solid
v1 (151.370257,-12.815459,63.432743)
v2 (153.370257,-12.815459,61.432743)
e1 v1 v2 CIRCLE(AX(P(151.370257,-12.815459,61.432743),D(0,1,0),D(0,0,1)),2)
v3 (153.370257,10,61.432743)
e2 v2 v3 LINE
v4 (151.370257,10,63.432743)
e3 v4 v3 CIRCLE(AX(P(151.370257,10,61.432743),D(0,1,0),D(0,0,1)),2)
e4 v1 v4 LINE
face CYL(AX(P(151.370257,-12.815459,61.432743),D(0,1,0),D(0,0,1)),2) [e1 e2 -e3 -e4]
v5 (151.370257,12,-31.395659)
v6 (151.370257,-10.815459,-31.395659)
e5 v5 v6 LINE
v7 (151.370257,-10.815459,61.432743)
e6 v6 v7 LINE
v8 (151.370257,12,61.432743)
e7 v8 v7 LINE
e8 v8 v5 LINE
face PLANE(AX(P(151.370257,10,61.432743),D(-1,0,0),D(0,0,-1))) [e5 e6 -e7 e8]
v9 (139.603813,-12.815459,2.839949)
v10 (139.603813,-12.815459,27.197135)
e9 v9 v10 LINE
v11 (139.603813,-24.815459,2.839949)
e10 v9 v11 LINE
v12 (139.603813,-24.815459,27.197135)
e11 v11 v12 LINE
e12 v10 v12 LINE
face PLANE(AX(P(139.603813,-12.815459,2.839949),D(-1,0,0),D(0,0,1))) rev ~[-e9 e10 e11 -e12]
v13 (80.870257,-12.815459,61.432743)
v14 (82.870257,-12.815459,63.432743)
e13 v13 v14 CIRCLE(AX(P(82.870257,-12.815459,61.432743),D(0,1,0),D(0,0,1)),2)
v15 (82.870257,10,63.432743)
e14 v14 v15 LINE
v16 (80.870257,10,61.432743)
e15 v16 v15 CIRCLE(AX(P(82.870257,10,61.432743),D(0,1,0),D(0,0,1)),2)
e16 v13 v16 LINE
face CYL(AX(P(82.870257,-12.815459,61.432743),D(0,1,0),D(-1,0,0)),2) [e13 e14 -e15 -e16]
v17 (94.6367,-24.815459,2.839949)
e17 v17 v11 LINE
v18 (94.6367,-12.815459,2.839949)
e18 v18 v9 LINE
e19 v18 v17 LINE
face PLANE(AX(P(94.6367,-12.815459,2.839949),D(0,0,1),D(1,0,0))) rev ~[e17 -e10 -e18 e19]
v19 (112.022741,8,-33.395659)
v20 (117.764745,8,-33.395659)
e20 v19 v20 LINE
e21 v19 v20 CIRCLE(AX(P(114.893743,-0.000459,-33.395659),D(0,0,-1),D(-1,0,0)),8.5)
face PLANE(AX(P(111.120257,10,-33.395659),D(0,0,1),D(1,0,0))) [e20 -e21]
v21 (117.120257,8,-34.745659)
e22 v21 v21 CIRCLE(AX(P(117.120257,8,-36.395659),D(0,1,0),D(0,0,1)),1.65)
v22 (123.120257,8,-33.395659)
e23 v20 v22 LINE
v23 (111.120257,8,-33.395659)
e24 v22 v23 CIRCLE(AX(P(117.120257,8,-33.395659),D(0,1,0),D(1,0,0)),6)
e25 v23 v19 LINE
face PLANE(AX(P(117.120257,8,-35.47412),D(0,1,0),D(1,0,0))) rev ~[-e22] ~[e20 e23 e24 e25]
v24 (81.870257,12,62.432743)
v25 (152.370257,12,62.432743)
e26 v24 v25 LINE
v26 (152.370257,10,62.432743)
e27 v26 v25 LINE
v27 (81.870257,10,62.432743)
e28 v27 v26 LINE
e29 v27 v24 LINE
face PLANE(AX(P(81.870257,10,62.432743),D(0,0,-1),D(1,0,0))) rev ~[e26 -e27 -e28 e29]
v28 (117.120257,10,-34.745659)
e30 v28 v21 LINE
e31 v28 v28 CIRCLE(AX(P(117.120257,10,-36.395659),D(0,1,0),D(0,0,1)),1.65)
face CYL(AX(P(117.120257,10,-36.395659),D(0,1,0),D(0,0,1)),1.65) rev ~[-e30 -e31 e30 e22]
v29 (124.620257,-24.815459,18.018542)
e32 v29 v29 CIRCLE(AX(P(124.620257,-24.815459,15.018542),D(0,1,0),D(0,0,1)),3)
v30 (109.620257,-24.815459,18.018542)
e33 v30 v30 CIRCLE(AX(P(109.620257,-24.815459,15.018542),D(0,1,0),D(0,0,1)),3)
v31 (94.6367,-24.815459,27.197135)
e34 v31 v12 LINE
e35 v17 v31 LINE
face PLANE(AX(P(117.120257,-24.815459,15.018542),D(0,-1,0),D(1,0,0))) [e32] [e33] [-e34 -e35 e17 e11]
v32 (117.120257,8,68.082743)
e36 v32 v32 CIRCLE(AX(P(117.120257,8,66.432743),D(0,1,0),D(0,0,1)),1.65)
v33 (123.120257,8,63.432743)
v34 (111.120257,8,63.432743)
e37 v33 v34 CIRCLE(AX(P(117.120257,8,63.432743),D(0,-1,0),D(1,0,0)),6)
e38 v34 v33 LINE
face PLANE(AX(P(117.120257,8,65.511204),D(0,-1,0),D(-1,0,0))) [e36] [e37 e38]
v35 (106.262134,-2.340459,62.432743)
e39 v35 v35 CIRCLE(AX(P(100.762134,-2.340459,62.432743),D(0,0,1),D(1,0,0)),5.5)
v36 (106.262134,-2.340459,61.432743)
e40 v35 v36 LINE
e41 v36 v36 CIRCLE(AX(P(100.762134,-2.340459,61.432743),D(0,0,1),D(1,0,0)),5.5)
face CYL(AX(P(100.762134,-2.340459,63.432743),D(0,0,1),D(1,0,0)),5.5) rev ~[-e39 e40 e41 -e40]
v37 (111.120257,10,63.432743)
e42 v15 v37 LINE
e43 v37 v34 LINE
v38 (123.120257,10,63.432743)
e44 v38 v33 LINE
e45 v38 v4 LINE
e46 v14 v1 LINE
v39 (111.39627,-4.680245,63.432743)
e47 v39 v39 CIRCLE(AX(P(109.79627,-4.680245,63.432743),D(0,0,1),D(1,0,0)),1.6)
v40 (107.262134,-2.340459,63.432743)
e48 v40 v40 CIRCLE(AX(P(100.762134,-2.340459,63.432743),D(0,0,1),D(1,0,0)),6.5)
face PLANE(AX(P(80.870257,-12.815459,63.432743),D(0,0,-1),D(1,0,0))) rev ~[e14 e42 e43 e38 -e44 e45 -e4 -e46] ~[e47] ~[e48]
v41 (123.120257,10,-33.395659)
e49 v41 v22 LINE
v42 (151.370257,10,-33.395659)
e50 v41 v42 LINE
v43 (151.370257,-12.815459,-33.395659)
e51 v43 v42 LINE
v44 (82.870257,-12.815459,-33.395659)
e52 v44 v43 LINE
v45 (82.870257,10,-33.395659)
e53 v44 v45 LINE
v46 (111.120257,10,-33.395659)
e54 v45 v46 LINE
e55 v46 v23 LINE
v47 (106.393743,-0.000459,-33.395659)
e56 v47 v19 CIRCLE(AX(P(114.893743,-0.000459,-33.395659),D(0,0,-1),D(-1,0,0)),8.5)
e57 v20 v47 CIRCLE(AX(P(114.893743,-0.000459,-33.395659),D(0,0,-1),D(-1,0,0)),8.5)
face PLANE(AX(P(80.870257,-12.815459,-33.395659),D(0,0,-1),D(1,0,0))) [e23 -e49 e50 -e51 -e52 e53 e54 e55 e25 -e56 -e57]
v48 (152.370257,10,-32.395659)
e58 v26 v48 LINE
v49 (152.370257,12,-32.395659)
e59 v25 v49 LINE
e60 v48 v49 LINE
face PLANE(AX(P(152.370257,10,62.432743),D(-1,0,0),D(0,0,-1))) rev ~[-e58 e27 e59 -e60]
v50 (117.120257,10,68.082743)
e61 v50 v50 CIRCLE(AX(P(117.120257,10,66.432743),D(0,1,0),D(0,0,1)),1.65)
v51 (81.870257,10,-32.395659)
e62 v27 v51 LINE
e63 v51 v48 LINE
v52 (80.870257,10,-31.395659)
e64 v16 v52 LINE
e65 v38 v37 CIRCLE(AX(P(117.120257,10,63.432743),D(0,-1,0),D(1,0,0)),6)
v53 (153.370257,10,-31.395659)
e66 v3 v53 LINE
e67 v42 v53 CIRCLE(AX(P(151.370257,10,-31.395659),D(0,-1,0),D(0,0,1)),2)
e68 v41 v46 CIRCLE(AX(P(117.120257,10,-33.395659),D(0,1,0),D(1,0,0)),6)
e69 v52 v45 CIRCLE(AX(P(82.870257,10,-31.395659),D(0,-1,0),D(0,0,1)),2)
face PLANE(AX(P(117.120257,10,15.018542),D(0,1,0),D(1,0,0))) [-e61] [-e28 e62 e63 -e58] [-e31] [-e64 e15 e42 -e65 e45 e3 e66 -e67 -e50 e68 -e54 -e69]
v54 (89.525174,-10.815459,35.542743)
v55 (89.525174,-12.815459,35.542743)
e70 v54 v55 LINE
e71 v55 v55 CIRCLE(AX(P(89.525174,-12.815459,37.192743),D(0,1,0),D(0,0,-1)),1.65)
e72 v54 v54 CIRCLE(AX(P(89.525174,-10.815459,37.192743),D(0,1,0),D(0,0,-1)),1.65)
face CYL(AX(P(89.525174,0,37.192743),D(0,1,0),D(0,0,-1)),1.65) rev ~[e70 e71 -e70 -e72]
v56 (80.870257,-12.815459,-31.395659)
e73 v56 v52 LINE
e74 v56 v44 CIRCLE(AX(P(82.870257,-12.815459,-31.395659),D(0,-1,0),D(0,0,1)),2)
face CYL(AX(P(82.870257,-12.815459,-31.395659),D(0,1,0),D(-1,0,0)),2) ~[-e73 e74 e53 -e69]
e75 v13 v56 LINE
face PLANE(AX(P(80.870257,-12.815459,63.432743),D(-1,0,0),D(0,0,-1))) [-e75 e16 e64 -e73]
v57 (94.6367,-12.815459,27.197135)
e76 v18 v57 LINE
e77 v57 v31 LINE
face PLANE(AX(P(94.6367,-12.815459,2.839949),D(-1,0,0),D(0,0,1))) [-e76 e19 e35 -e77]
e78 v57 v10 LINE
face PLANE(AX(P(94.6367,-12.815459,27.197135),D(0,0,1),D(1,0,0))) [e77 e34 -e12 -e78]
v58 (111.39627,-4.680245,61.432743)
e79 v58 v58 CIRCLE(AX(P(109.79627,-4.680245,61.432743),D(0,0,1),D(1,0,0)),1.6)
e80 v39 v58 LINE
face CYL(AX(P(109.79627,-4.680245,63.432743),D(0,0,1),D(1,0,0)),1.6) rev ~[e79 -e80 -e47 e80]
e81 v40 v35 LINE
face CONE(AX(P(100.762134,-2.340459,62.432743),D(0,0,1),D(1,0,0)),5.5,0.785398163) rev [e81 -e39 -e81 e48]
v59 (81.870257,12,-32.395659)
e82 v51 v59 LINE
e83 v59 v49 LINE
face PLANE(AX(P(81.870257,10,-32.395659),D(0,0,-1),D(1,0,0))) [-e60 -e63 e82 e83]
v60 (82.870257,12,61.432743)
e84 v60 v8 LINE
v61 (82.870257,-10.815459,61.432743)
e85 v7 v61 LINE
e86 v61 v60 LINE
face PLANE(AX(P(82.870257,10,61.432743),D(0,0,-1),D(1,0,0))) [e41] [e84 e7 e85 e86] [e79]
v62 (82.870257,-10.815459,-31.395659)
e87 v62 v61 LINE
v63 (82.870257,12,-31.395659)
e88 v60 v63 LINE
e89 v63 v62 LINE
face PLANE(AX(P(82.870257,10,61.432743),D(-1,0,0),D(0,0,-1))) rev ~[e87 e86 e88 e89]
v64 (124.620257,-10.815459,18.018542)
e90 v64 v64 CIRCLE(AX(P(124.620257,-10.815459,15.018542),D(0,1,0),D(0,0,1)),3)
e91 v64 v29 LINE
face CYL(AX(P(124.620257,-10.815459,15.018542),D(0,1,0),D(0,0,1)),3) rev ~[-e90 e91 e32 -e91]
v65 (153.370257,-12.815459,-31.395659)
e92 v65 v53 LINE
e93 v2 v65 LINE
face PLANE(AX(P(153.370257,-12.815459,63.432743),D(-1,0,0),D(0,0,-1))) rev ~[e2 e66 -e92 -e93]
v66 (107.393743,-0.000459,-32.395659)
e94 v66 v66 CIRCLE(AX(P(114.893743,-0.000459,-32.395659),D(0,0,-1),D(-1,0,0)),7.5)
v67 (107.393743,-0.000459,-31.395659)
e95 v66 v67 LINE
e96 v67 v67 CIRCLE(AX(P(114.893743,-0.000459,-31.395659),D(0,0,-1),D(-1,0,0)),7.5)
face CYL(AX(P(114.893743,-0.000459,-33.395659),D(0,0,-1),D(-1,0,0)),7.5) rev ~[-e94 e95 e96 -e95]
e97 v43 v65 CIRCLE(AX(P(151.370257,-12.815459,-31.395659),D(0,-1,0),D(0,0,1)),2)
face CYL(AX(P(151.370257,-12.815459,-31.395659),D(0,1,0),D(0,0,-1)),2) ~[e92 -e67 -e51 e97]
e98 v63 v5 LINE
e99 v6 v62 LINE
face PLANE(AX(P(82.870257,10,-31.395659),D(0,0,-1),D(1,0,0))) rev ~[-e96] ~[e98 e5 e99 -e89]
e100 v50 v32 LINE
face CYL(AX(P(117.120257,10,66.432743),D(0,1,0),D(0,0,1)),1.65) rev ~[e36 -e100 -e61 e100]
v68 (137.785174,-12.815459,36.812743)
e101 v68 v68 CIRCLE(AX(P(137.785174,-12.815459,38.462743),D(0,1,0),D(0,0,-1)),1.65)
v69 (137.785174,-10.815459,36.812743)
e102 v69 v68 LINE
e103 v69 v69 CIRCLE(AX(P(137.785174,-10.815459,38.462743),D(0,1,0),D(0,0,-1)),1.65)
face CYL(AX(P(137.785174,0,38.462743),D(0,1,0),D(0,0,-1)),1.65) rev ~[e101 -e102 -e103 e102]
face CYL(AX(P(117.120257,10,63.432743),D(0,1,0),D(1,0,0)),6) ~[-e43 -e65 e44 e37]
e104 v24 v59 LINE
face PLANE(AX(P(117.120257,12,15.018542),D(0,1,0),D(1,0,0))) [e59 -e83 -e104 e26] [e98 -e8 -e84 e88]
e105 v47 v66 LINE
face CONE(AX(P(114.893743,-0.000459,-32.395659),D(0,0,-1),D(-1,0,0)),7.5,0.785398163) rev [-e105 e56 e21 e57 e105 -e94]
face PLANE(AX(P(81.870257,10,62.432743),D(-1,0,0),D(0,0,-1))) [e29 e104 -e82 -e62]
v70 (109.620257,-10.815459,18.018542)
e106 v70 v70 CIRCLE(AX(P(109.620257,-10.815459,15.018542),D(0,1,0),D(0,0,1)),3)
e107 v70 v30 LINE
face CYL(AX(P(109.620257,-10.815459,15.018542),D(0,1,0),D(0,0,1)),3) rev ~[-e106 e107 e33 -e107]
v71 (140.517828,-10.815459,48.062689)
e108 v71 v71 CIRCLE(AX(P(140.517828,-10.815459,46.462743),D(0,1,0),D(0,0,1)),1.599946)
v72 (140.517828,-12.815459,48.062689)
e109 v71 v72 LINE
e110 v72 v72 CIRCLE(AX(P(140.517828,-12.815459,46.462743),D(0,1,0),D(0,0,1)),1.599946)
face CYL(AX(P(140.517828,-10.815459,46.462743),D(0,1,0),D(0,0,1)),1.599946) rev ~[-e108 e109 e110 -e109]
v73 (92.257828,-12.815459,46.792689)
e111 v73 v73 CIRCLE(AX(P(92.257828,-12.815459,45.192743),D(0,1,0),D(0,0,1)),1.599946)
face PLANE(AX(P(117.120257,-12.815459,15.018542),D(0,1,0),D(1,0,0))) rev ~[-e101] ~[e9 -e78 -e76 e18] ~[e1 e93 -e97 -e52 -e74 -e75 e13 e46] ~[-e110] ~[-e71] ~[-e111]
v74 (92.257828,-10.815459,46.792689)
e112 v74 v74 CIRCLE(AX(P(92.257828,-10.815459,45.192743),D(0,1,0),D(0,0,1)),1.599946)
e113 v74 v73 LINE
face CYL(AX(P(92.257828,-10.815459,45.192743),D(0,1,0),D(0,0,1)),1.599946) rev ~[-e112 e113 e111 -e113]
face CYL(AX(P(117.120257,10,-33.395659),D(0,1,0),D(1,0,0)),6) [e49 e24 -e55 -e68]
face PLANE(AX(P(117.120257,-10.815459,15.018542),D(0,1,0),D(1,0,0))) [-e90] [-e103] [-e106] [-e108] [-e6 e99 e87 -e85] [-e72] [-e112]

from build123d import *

# Parameters (mm, degrees)
BOSS_EXTRUDE1_DEPTH      = 18
BOSS_EXTRUDE1_DEPTH_BACK = 12.815459
SKETCH1_W                = 72.5
SKETCH1_H                = 96.828401578
SHELL1_T                 = 2
SKETCH2_R                = 7.5
CUT_EXTRUDE1_DEPTH       = 2
CHAMFER1_SIZE            = 1
SKETCH5_R                = 5.5
CUT_EXTRUDE2_DEPTH       = 2
CHAMFER2_SIZE            = 1
SKETCH8_W                = 72.5
SKETCH8_H                = 96.828401578
CUT_EXTRUDE5_DEPTH       = 8
BOSS_EXTRUDE3_START      = 10
SKETCH10_W               = 70.5
SKETCH10_H               = 94.828401578
SKETCH10_W_2             = 68.5
SKETCH10_H_2             = 92.828401578
BOSS_EXTRUDE3_DEPTH      = 2
CUT_EXTRUDE6_REACH       = 183.831
SKETCH12_R               = 1.6
FILLET1_R                = 2
BOSS_EXTRUDE4_START      = 10
SKETCH13_R               = 1.65
BOSS_EXTRUDE4_DEPTH      = 2
SKETCH16_R               = 1.65
BOSS_EXTRUDE5_DEPTH      = 2
SKETCH17_R               = 1.65
CUT_EXTRUDE8_DEPTH       = 12.81545914
SKETCH19_W               = 44.967113154
SKETCH19_H               = 24.357186292
BOSS_EXTRUDE6_DEPTH      = 12
CUT_EXTRUDE9_START       = -10.815459
SKETCH18_R               = 3
CUT_EXTRUDE9_DEPTH       = 14
SKETCH14_R               = 1.599946
CUT_EXTRUDE7_DEPTH       = 2


with BuildPart() as part:
    # Sketch1 → Boss-Extrude1 (new, two sides: drawn at the far end of the back side and taken through both)
    with BuildSketch(Plane(origin=(0, 0, 0), x_dir=(1, 0, 0), z_dir=(0, 1, 0)).offset(-BOSS_EXTRUDE1_DEPTH_BACK)):
        with Locations((117.12025684, -15.018542133)):
            Rectangle(SKETCH1_W, SKETCH1_H)
    extrude(amount=BOSS_EXTRUDE1_DEPTH + BOSS_EXTRUDE1_DEPTH_BACK)

    # Shell1 (no face opened: a closed hollow body)
    add(offset(amount=-SHELL1_T, mode=Mode.PRIVATE), mode=Mode.SUBTRACT)

    # Sketch2 → Cut-Extrude1 (cut)
    with BuildSketch(Plane(origin=(0, 0, -33.395658656), x_dir=(-1, 0, 0), z_dir=(0, 0, -1))):
        with Locations((-114.89374317, -0.00045914)):
            Circle(SKETCH2_R)
    extrude(amount=-CUT_EXTRUDE1_DEPTH, mode=Mode.SUBTRACT)

    # Chamfer1
    chamfer1_edges = [part.edges().sort_by_distance(p)[0] for p in [
        (122.39374317, -0.00045914, -33.395658656),
    ]]
    chamfer(chamfer1_edges, length=CHAMFER1_SIZE)

    # Sketch5 → Cut-Extrude2 (cut)
    with BuildSketch(Plane.XY.offset(63.432742922)):
        with Locations((100.762134065, -2.34045914)):
            Circle(SKETCH5_R)
    extrude(amount=-CUT_EXTRUDE2_DEPTH, mode=Mode.SUBTRACT)

    # Chamfer2
    chamfer2_edges = [part.edges().sort_by_distance(p)[0] for p in [
        (95.262134065, -2.34045914, 63.432742922),
    ]]
    chamfer(chamfer2_edges, length=CHAMFER2_SIZE)

    # Sketch8 → Cut-Extrude5 (cut)
    with BuildSketch(Plane(origin=(0, 18, 0), x_dir=(1, 0, 0), z_dir=(0, 1, 0))):
        with Locations((117.12025684, -15.018542133)):
            Rectangle(SKETCH8_W, SKETCH8_H)
    extrude(amount=-CUT_EXTRUDE5_DEPTH, mode=Mode.SUBTRACT)

    # Sketch10 → Boss-Extrude3 (add)
    with BuildSketch(Plane(origin=(0, 0, 0), x_dir=(1, 0, 0), z_dir=(0, 1, 0)).offset(BOSS_EXTRUDE3_START)):
        with Locations((117.12025684, -15.018542133)):
            Rectangle(SKETCH10_W, SKETCH10_H)
        with Locations((117.12025684, -15.018542133)):
            Rectangle(SKETCH10_W_2, SKETCH10_H_2, mode=Mode.SUBTRACT)
    extrude(amount=BOSS_EXTRUDE3_DEPTH)

    # Sketch12 → Cut-Extrude6 (cut, up to next)
    with BuildSketch(Plane.XY.offset(63.432742922), mode=Mode.PRIVATE) as cut_extrude6_sk1:
        with Locations((109.796270245, -4.680244976)):
            Circle(SKETCH12_R)
    cut_extrude6_tool1 = extrude(cut_extrude6_sk1.sketch, amount=-CUT_EXTRUDE6_REACH, mode=Mode.PRIVATE) & part.part
    add(cut_extrude6_tool1.solids().sort_by_distance((109.79627, -4.680245, 63.432743))[0], mode=Mode.SUBTRACT)

    # Fillet1
    fillet1_edges = [part.edges().sort_by_distance(p)[0] for p in [
        (80.87025684, -1.4077295, -33.395658656),
        (153.37025684, -1.4077295, -33.395658656),
        (153.37025684, -1.4077295, 63.432742922),
        (80.87025684, -1.4077295, 63.432742922),
    ]]
    fillet(fillet1_edges, radius=FILLET1_R)

    # Sketch13 → Boss-Extrude4 (add)
    with BuildSketch(Plane(origin=(0, 0, 0), x_dir=(1, 0, 0), z_dir=(0, 1, 0)).offset(BOSS_EXTRUDE4_START)):
        with BuildLine():
            Line((111.12025684, -63.432742922), (123.12025684, -63.432742922))
            ThreePointArc((123.12025684, -63.432742922), (117.12025684, -69.432742922), (111.12025684, -63.432742922))
        make_face()
        with Locations(Location((117.12025684, -66.432742922, 0), (0, 0, 270))):
            Circle(SKETCH13_R, mode=Mode.SUBTRACT)
    boss_extrude4 = extrude(amount=-BOSS_EXTRUDE4_DEPTH)

    # Sketch16 → Boss-Extrude5 (add)
    with BuildSketch(Plane(origin=(0, 10, 0), x_dir=(1, 0, 0), z_dir=(0, 1, 0))):
        with BuildLine():
            Line((111.12025684, 33.395658656), (123.12025684, 33.395658656))
            ThreePointArc((123.12025684, 33.395658656), (117.12025684, 39.395658656), (111.12025684, 33.395658656))
        make_face()
        with Locations(Location((117.12025684, 36.395658656, 0), (0, 0, 270))):
            Circle(SKETCH16_R, mode=Mode.SUBTRACT)
    extrude(amount=-BOSS_EXTRUDE5_DEPTH)

    # Sketch17 → Cut-Extrude8 (cut)
    with BuildSketch(Plane(origin=(0, 0, 0), x_dir=(1, 0, 0), z_dir=(0, 1, 0))):
        with Locations(Location((137.785174065, -38.462742922, 0), (0, 0, 90))):
            Circle(SKETCH17_R)
        with Locations(Location((89.525174065, -37.192742922, 0), (0, 0, 90))):
            Circle(SKETCH17_R)
    extrude(amount=-CUT_EXTRUDE8_DEPTH, mode=Mode.SUBTRACT)

    # Sketch19 → Boss-Extrude6 (add)
    with BuildSketch(Plane.XZ.offset(12.81545914)):
        with Locations((117.12025684, 15.018542133)):
            Rectangle(SKETCH19_W, SKETCH19_H)
    extrude(amount=BOSS_EXTRUDE6_DEPTH)

    # Sketch18 → Cut-Extrude9 (cut)
    with BuildSketch(Plane(origin=(0, 0, 0), x_dir=(1, 0, 0), z_dir=(0, 1, 0)).offset(CUT_EXTRUDE9_START)):
        with Locations(Location((124.62025684, -15.018542133, 0), (0, 0, 270))):
            Circle(SKETCH18_R)
        with Locations(Location((109.62025684, -15.018542133, 0), (0, 0, 270))):
            Circle(SKETCH18_R)
    extrude(amount=-CUT_EXTRUDE9_DEPTH, mode=Mode.SUBTRACT)

    # Mirror1: Boss-Extrude4 across plane
    add(boss_extrude4.mirror(Plane.XY.offset(15.018542133)))

    # Sketch14 → Cut-Extrude7 (cut)
    with BuildSketch(Plane(origin=(0, -10.81545914, 0), x_dir=(1, 0, 0), z_dir=(0, 1, 0))):
        with Locations(Location((140.517827737, -46.462742922, 0), (0, 0, 270))):
            Circle(SKETCH14_R)
        with Locations(Location((92.257827737, -45.192742922, 0), (0, 0, 270))):
            Circle(SKETCH14_R)
    extrude(amount=-CUT_EXTRUDE7_DEPTH, mode=Mode.SUBTRACT)


solid = part.part
